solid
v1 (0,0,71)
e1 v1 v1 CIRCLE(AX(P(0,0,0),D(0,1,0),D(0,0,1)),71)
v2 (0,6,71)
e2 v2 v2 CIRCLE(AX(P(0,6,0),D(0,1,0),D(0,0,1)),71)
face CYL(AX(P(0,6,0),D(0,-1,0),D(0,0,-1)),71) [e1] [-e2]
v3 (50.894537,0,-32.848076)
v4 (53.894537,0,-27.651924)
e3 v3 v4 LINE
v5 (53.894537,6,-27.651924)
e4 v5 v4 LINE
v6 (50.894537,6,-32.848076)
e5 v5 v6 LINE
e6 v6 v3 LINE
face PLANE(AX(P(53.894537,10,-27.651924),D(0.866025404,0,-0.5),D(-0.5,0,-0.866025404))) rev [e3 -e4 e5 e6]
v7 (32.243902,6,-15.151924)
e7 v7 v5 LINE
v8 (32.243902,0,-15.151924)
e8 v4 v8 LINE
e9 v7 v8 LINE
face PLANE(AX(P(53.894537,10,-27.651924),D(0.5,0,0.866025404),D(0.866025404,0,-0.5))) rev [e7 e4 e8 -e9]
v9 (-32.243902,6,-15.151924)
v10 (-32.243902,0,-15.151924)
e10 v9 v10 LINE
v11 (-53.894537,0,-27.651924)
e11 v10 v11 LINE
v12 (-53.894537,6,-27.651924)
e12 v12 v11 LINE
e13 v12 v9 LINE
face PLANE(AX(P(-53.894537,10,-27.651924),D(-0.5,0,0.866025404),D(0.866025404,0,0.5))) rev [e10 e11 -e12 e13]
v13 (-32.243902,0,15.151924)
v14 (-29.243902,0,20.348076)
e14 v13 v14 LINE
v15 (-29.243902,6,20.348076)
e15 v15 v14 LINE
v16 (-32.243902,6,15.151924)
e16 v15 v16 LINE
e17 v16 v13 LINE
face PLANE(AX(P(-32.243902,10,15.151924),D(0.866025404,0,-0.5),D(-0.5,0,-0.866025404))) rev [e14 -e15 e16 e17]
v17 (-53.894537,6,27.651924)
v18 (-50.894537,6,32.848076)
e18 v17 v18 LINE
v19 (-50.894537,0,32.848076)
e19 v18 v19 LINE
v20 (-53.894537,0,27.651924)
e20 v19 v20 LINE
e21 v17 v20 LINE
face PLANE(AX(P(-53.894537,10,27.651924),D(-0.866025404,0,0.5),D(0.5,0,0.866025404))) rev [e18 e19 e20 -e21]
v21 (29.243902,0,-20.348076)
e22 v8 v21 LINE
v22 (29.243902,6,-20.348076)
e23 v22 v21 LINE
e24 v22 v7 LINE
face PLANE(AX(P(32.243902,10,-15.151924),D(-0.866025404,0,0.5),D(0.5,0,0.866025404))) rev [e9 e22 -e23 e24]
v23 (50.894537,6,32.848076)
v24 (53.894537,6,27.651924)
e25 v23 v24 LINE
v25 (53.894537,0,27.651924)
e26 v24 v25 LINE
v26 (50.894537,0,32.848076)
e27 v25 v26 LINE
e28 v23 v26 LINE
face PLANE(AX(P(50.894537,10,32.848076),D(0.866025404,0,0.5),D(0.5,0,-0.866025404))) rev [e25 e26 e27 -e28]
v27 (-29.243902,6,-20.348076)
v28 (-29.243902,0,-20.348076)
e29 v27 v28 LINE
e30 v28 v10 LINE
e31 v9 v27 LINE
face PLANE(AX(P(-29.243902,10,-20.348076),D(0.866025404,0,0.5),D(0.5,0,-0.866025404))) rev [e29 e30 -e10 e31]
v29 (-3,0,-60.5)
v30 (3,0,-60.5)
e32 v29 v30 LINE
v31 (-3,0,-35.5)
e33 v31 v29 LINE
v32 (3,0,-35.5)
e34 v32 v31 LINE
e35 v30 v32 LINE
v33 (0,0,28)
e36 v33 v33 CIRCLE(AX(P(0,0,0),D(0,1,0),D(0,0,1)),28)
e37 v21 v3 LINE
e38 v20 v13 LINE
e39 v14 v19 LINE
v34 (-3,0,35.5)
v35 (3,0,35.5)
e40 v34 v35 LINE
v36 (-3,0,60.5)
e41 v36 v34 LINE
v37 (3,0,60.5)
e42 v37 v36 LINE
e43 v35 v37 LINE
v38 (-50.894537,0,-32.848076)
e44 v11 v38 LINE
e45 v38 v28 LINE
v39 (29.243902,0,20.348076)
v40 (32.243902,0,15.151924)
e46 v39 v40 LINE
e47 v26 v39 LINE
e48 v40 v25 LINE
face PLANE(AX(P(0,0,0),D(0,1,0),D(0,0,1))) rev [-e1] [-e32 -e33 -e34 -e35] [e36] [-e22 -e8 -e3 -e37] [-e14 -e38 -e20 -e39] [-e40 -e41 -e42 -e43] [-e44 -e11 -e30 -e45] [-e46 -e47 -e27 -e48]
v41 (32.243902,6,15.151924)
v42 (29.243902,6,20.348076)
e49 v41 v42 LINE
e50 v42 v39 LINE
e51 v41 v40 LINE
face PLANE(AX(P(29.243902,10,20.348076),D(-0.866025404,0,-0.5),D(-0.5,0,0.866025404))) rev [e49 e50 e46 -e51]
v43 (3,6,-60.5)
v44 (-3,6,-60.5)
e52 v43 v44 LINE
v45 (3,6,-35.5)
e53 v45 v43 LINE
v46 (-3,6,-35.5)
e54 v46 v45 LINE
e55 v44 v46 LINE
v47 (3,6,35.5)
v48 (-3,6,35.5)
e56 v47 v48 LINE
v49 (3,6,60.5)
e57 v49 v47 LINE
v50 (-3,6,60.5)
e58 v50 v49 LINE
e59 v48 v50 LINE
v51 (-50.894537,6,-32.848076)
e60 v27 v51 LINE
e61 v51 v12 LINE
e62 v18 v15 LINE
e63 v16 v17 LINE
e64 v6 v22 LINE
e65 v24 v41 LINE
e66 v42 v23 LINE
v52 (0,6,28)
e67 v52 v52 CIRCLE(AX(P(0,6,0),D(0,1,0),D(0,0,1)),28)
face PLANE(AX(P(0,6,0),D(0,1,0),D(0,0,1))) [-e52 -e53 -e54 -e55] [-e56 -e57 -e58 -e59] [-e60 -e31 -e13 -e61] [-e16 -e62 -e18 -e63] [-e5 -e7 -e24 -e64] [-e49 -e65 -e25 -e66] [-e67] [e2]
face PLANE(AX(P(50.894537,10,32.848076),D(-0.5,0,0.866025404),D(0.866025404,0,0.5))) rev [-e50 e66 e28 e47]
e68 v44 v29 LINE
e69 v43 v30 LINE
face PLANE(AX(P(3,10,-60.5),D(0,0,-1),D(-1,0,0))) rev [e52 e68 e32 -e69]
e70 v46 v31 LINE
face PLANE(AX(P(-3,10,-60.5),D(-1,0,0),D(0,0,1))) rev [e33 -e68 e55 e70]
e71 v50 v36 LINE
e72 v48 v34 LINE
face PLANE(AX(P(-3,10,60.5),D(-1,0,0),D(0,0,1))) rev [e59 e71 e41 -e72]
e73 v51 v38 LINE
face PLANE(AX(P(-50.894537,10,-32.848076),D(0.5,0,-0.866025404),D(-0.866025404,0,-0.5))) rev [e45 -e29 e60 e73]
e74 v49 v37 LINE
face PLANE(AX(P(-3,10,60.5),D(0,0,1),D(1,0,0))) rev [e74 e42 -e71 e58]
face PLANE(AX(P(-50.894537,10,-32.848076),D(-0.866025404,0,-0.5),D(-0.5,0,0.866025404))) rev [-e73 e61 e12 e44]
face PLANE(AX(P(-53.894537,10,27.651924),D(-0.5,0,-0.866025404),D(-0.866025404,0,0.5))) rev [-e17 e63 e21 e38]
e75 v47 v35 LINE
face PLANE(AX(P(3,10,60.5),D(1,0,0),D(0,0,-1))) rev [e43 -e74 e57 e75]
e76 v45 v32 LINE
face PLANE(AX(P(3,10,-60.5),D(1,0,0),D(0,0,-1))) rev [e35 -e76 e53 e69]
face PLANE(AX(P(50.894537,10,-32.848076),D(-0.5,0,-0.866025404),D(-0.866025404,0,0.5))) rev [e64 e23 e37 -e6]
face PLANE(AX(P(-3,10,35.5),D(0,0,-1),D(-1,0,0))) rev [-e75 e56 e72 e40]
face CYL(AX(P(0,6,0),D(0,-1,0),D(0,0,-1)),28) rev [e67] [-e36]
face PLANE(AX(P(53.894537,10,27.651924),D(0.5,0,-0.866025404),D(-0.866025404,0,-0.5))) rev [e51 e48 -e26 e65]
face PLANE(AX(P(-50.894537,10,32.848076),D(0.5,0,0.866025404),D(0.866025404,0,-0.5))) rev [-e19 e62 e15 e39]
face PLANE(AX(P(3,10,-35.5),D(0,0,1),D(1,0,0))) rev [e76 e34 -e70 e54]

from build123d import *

# Parameters (mm, degrees)
ESQUISSE1_R             = 71
ESQUISSE1_R_2           = 28
BOSS_EXTRU_1_DEPTH      = 6
ESQUISSE2_W             = 6
ESQUISSE2_H             = 25
ENL_V_MAT_EXTRU_1_DEPTH = 10


with BuildPart() as part:
    # Esquisse1 → Boss.-Extru.1 (new body)
    with BuildSketch(Plane(origin=(0, 0, 0), x_dir=(1, 0, 0), z_dir=(0, 1, 0))):
        Circle(ESQUISSE1_R)
        Circle(ESQUISSE1_R_2, mode=Mode.SUBTRACT)
    extrude(amount=BOSS_EXTRU_1_DEPTH)

    # Esquisse2 → Enlèv. mat.-Extru.1 (cut)
    with BuildSketch(Plane.XZ):
        Polygon((50.894536929, -32.848076211), (29.243901834, -20.348076211), (32.243901834, -15.151923789), (53.894536929, -27.651923789), align=None)
        with Locations((0, -48)):
            Rectangle(ESQUISSE2_W, ESQUISSE2_H)
        Polygon((53.894536929, 27.651923789), (32.243901834, 15.151923789), (29.243901834, 20.348076211), (50.894536929, 32.848076211), align=None)
        with Locations((0, 48)):
            Rectangle(ESQUISSE2_W, ESQUISSE2_H)
        Polygon((-50.894536929, 32.848076211), (-29.243901834, 20.348076211), (-32.243901834, 15.151923789), (-53.894536929, 27.651923789), align=None)
        Polygon((-53.894536929, -27.651923789), (-32.243901834, -15.151923789), (-29.243901834, -20.348076211), (-50.894536929, -32.848076211), align=None)
    extrude(amount=-ENL_V_MAT_EXTRU_1_DEPTH, mode=Mode.SUBTRACT)


solid = part.part
